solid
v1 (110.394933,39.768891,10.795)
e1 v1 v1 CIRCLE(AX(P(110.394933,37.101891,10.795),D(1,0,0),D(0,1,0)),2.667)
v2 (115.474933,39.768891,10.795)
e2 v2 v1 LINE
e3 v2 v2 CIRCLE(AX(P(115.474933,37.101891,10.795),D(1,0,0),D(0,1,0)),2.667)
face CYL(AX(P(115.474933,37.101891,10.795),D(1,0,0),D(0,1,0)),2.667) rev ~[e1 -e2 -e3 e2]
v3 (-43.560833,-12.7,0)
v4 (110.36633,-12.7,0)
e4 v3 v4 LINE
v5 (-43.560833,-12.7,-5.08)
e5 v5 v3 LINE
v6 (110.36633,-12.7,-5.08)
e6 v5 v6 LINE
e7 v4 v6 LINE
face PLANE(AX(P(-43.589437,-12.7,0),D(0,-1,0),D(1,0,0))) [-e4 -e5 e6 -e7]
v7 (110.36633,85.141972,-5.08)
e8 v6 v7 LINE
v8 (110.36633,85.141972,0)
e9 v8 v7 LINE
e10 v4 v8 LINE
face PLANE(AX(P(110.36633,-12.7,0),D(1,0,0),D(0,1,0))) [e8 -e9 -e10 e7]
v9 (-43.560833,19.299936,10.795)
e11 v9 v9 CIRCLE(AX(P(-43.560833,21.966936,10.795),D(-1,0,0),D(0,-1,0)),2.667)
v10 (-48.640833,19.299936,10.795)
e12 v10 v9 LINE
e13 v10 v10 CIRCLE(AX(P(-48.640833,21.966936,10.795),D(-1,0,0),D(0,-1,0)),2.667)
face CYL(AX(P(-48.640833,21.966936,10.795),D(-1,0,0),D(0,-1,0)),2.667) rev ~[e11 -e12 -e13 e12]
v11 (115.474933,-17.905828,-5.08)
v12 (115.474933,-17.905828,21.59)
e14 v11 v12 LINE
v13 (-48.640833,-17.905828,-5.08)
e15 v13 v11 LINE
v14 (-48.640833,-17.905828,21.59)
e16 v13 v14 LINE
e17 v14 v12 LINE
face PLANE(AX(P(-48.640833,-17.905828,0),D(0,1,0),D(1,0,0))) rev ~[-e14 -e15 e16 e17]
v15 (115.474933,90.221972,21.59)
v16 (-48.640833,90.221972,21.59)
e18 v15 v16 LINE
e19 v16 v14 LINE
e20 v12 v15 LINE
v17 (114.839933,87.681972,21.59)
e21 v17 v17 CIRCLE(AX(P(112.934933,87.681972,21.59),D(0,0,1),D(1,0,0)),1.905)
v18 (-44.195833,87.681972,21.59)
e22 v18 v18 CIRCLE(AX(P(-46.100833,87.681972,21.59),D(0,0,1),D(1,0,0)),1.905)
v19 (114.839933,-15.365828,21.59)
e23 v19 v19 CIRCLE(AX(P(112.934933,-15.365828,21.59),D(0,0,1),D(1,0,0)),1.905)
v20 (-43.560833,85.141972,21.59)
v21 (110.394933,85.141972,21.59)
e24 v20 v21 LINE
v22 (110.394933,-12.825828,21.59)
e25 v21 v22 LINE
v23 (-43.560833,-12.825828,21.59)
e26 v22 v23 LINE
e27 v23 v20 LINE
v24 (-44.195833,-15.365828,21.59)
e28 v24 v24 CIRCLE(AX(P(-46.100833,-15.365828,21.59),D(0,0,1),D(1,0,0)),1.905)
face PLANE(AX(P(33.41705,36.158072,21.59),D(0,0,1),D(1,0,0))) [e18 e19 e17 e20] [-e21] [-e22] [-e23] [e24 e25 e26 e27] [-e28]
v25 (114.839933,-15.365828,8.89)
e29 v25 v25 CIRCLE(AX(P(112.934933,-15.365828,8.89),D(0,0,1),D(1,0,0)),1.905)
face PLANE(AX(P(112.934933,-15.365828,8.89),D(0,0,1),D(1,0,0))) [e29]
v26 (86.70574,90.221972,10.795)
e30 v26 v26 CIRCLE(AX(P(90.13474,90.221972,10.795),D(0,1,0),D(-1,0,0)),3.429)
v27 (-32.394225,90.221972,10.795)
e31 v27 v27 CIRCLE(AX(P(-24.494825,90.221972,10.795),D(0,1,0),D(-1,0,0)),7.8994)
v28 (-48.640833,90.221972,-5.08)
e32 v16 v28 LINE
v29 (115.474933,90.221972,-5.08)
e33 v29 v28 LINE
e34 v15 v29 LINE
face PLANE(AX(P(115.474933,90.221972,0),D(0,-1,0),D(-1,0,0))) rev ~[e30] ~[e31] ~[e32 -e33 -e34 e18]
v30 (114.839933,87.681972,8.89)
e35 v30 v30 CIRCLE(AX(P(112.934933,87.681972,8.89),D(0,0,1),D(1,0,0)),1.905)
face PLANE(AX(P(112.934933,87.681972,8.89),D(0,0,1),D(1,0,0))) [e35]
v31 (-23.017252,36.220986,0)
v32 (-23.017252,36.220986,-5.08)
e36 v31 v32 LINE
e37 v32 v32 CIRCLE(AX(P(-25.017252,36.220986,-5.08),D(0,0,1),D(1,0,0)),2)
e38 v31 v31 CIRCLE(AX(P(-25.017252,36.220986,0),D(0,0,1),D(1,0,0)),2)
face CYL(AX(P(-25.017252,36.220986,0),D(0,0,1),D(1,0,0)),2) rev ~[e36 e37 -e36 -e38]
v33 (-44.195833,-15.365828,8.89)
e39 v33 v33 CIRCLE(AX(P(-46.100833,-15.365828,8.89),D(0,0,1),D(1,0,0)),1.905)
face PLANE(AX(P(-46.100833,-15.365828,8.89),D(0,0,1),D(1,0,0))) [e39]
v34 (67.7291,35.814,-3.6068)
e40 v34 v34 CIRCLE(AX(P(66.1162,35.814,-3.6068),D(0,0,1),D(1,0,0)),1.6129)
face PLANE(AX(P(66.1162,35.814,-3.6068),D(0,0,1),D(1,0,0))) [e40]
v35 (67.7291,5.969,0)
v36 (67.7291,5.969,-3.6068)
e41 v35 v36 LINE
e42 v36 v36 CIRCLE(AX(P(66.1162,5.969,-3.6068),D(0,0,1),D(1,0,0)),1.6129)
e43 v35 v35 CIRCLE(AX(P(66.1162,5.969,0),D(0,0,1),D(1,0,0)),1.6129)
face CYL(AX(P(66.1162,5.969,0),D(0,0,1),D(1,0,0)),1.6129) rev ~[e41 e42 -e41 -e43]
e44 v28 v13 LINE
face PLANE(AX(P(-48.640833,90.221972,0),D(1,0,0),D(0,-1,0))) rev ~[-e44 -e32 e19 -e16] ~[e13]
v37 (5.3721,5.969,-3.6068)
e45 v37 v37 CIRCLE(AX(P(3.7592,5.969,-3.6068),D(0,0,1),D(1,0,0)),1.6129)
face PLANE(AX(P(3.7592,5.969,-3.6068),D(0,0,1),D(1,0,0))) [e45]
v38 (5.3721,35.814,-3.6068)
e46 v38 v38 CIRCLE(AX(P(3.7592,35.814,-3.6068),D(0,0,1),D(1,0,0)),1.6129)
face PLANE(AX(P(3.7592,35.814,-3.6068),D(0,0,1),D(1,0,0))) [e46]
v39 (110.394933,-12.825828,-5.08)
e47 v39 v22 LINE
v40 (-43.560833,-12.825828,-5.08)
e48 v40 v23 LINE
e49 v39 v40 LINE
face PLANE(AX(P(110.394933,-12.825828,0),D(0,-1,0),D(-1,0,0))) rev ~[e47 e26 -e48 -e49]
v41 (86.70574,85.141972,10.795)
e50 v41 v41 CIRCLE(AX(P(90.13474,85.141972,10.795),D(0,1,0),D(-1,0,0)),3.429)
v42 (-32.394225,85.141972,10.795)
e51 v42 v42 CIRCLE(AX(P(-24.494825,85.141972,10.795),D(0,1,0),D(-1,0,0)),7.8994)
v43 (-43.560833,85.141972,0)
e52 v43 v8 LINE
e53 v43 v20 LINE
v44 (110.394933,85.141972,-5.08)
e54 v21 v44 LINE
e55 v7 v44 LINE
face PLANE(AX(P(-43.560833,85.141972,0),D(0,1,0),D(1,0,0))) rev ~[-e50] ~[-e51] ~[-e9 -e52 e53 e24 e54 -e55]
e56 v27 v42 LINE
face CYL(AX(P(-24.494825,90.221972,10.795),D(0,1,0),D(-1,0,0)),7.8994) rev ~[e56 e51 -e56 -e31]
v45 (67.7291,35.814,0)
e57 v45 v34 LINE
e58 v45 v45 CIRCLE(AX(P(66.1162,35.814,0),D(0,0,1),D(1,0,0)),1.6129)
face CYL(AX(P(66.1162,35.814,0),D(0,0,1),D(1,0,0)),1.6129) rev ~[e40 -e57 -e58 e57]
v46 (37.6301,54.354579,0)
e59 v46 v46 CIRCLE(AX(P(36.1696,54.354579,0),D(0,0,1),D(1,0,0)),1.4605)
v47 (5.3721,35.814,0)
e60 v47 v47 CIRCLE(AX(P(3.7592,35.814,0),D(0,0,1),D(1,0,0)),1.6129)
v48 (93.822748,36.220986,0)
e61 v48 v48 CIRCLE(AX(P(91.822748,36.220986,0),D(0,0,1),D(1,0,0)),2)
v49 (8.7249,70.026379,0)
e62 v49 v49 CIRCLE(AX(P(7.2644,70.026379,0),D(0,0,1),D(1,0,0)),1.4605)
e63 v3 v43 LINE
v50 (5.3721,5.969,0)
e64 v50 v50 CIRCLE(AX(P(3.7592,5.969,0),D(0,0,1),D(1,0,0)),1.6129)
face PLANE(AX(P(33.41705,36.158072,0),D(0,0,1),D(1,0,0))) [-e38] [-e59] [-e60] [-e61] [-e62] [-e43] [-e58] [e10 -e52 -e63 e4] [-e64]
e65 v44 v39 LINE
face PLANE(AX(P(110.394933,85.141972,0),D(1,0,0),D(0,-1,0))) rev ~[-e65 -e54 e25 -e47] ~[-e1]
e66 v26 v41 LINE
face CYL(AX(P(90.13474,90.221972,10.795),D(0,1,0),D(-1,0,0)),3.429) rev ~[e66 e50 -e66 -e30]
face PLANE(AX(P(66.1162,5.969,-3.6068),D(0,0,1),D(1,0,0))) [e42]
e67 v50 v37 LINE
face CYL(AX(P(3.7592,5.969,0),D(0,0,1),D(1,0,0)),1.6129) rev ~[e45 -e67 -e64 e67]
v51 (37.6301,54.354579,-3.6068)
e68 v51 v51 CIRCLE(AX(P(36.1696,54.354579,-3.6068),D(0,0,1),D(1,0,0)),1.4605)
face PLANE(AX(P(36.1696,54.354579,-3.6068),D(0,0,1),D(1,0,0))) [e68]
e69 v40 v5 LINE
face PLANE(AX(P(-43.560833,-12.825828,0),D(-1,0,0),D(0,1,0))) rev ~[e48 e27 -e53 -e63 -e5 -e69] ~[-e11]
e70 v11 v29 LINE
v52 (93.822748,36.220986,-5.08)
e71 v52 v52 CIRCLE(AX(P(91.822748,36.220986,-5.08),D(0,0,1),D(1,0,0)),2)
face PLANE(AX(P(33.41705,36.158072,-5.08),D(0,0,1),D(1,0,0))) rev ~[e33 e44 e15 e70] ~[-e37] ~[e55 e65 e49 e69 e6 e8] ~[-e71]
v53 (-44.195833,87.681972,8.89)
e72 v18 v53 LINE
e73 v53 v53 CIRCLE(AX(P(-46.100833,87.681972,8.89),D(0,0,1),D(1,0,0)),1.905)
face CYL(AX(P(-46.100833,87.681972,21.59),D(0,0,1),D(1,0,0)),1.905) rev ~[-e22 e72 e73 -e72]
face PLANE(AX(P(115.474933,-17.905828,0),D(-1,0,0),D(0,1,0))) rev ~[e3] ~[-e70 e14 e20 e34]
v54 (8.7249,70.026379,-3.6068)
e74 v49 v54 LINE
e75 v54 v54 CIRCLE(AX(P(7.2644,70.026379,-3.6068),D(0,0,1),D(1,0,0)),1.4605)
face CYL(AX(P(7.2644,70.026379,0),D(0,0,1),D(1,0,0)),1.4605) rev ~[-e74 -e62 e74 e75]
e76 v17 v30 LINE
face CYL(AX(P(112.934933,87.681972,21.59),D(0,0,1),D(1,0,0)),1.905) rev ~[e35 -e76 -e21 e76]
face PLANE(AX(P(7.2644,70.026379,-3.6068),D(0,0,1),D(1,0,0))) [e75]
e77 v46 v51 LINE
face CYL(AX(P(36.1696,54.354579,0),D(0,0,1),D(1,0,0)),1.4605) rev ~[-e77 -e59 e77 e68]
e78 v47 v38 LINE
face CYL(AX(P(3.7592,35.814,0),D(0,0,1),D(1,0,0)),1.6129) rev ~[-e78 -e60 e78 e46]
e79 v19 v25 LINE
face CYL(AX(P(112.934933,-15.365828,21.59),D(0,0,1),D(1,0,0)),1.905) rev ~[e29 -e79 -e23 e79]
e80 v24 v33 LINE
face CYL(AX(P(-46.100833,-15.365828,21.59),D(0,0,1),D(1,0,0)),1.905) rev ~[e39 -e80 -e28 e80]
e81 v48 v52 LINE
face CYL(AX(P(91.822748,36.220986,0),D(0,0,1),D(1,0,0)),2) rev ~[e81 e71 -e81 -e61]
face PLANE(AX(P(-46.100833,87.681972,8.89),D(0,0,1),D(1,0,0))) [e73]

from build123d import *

# Parameters (mm, degrees)
F3_DEPTH  = 5.08
F6_DEPTH  = 5.08
F7_DEPTH  = 21.59
F8_R      = 7.8994
F9_DEPTH  = 25.4
F10_R     = 3.429
F11_DEPTH = 25.4
F12_R     = 2.667
F13_DEPTH = 25.4
F14_R     = 2.667
F15_DEPTH = 25.4
F1_R      = 1.4605
F16_DEPTH = 3.6068
F0_R      = 1.6129
F17_DEPTH = 3.6068
F18_R     = 1.905
F19_DEPTH = 12.7
F20_R     = 2
F21_DEPTH = 25.4


with BuildPart() as f3:
    # F2 (on Top) → F3 (new body)
    with BuildSketch(Plane.XY):
        Polygon((-43.589437, -12.7), (0, -12.7), (110.36633, -12.7), (110.36633, 85.2678), (0, 85.2678), (-43.589437, 85.2678), (-43.589437, 72.5678), (-43.589437, 0), align=None)
    extrude(amount=-F3_DEPTH)

    # F4 (on Top) → F6 (join)
    with BuildSketch(Plane.XY):
        Polygon((110.394933, 90.221972), (-5.796864, 90.221972), (-43.560833, 90.221972), (-48.640833, 90.221972), (-48.640833, 85.141972), (-48.640833, -12.825828), (-48.640833, -17.905828), (-43.560833, -17.905828), (-5.796864, -17.905828), (110.394933, -17.905828), (115.474933, -17.905828), (115.474933, -12.825828), (115.474933, 85.141972), (115.474933, 90.221972), align=None)
        Polygon((110.394933, -12.825828), (-5.796864, -12.825828), (-43.560833, -12.825828), (-43.560833, 85.141972), (-5.796864, 85.141972), (110.394933, 85.141972), align=None, mode=Mode.SUBTRACT)
    extrude(amount=-F6_DEPTH)

    # F5 (on face) → F7 (join)
    with BuildSketch(Plane.XY):
        Polygon((110.394933, 90.221972), (-5.796864, 90.221972), (-43.560833, 90.221972), (-48.640833, 90.221972), (-48.640833, 85.141972), (-48.640833, -12.825828), (-48.640833, -17.905828), (-43.560833, -17.905828), (-5.796864, -17.905828), (110.394933, -17.905828), (115.474933, -17.905828), (115.474933, 48.9839), (115.474933, 90.221972), align=None)
        Polygon((110.394933, -12.825828), (-5.796864, -12.825828), (-43.560833, -12.825828), (-43.560833, 85.141972), (-5.796864, 85.141972), (110.394933, 85.141972), align=None, mode=Mode.SUBTRACT)
    extrude(amount=F7_DEPTH)

    # F8 (on face) → F9 (cut)
    with BuildSketch(Plane(origin=(0, 90.221972, 0), x_dir=(-1, 0, 0), z_dir=(0, 1, 0))):
        with Locations((24.494825, 10.795)):
            Circle(F8_R)
    extrude(amount=-F9_DEPTH, mode=Mode.SUBTRACT)

    # F10 (on face) → F11 (cut)
    with BuildSketch(Plane(origin=(0, 90.221972, 0), x_dir=(-1, 0, 0), z_dir=(0, 1, 0))):
        with Locations((-90.13474, 10.795)):
            Circle(F10_R)
    extrude(amount=-F11_DEPTH, mode=Mode.SUBTRACT)

    # F12 (on face) → F13 (cut)
    with BuildSketch(Plane(origin=(-48.640833, 0, 0), x_dir=(0, -1, 0), z_dir=(-1, 0, 0))):
        with Locations((-21.966936, 10.795)):
            Circle(F12_R)
    extrude(amount=-F13_DEPTH, mode=Mode.SUBTRACT)

    # F14 (on face) → F15 (cut)
    with BuildSketch(Plane.YZ.offset(115.474933)):
        with Locations((37.101891, 10.795)):
            Circle(F14_R)
    extrude(amount=-F15_DEPTH, mode=Mode.SUBTRACT)

    # F1 (on Top) → F16 (cut)
    with BuildSketch(Plane.XY):
        with Locations((7.2644, 70.026379)):
            Circle(F1_R)
        with Locations((36.1696, 54.354579)):
            Circle(F1_R)
    extrude(amount=-F16_DEPTH, mode=Mode.SUBTRACT)

    # F0 (on Top) → F17 (cut)
    with BuildSketch(Plane.XY):
        with Locations((3.7592, 35.814)):
            Circle(F0_R)
        with Locations((3.7592, 5.969)):
            Circle(F0_R)
        with Locations((66.1162, 5.969)):
            Circle(F0_R)
        with Locations((66.1162, 35.814)):
            Circle(F0_R)
    extrude(amount=-F17_DEPTH, mode=Mode.SUBTRACT)

    # F18 (on face) → F19 (cut)
    with BuildSketch(Plane.XY.offset(21.59)):
        with Locations((-46.100833, -15.365828)):
            Circle(F18_R)
        with Locations((-46.100833, 87.681972)):
            Circle(F18_R)
        with Locations((112.934933, 87.681972)):
            Circle(F18_R)
        with Locations((112.934933, -15.365828)):
            Circle(F18_R)
    extrude(amount=-F19_DEPTH, mode=Mode.SUBTRACT)

    # F20 (on face) → F21 (cut)
    with BuildSketch(Plane.XY):
        with Locations((-25.017252, 36.220986)):
            Circle(F20_R)
        with Locations((91.822748, 36.220986)):
            Circle(F20_R)
    extrude(amount=-F21_DEPTH, mode=Mode.SUBTRACT)


solid = f3.part
